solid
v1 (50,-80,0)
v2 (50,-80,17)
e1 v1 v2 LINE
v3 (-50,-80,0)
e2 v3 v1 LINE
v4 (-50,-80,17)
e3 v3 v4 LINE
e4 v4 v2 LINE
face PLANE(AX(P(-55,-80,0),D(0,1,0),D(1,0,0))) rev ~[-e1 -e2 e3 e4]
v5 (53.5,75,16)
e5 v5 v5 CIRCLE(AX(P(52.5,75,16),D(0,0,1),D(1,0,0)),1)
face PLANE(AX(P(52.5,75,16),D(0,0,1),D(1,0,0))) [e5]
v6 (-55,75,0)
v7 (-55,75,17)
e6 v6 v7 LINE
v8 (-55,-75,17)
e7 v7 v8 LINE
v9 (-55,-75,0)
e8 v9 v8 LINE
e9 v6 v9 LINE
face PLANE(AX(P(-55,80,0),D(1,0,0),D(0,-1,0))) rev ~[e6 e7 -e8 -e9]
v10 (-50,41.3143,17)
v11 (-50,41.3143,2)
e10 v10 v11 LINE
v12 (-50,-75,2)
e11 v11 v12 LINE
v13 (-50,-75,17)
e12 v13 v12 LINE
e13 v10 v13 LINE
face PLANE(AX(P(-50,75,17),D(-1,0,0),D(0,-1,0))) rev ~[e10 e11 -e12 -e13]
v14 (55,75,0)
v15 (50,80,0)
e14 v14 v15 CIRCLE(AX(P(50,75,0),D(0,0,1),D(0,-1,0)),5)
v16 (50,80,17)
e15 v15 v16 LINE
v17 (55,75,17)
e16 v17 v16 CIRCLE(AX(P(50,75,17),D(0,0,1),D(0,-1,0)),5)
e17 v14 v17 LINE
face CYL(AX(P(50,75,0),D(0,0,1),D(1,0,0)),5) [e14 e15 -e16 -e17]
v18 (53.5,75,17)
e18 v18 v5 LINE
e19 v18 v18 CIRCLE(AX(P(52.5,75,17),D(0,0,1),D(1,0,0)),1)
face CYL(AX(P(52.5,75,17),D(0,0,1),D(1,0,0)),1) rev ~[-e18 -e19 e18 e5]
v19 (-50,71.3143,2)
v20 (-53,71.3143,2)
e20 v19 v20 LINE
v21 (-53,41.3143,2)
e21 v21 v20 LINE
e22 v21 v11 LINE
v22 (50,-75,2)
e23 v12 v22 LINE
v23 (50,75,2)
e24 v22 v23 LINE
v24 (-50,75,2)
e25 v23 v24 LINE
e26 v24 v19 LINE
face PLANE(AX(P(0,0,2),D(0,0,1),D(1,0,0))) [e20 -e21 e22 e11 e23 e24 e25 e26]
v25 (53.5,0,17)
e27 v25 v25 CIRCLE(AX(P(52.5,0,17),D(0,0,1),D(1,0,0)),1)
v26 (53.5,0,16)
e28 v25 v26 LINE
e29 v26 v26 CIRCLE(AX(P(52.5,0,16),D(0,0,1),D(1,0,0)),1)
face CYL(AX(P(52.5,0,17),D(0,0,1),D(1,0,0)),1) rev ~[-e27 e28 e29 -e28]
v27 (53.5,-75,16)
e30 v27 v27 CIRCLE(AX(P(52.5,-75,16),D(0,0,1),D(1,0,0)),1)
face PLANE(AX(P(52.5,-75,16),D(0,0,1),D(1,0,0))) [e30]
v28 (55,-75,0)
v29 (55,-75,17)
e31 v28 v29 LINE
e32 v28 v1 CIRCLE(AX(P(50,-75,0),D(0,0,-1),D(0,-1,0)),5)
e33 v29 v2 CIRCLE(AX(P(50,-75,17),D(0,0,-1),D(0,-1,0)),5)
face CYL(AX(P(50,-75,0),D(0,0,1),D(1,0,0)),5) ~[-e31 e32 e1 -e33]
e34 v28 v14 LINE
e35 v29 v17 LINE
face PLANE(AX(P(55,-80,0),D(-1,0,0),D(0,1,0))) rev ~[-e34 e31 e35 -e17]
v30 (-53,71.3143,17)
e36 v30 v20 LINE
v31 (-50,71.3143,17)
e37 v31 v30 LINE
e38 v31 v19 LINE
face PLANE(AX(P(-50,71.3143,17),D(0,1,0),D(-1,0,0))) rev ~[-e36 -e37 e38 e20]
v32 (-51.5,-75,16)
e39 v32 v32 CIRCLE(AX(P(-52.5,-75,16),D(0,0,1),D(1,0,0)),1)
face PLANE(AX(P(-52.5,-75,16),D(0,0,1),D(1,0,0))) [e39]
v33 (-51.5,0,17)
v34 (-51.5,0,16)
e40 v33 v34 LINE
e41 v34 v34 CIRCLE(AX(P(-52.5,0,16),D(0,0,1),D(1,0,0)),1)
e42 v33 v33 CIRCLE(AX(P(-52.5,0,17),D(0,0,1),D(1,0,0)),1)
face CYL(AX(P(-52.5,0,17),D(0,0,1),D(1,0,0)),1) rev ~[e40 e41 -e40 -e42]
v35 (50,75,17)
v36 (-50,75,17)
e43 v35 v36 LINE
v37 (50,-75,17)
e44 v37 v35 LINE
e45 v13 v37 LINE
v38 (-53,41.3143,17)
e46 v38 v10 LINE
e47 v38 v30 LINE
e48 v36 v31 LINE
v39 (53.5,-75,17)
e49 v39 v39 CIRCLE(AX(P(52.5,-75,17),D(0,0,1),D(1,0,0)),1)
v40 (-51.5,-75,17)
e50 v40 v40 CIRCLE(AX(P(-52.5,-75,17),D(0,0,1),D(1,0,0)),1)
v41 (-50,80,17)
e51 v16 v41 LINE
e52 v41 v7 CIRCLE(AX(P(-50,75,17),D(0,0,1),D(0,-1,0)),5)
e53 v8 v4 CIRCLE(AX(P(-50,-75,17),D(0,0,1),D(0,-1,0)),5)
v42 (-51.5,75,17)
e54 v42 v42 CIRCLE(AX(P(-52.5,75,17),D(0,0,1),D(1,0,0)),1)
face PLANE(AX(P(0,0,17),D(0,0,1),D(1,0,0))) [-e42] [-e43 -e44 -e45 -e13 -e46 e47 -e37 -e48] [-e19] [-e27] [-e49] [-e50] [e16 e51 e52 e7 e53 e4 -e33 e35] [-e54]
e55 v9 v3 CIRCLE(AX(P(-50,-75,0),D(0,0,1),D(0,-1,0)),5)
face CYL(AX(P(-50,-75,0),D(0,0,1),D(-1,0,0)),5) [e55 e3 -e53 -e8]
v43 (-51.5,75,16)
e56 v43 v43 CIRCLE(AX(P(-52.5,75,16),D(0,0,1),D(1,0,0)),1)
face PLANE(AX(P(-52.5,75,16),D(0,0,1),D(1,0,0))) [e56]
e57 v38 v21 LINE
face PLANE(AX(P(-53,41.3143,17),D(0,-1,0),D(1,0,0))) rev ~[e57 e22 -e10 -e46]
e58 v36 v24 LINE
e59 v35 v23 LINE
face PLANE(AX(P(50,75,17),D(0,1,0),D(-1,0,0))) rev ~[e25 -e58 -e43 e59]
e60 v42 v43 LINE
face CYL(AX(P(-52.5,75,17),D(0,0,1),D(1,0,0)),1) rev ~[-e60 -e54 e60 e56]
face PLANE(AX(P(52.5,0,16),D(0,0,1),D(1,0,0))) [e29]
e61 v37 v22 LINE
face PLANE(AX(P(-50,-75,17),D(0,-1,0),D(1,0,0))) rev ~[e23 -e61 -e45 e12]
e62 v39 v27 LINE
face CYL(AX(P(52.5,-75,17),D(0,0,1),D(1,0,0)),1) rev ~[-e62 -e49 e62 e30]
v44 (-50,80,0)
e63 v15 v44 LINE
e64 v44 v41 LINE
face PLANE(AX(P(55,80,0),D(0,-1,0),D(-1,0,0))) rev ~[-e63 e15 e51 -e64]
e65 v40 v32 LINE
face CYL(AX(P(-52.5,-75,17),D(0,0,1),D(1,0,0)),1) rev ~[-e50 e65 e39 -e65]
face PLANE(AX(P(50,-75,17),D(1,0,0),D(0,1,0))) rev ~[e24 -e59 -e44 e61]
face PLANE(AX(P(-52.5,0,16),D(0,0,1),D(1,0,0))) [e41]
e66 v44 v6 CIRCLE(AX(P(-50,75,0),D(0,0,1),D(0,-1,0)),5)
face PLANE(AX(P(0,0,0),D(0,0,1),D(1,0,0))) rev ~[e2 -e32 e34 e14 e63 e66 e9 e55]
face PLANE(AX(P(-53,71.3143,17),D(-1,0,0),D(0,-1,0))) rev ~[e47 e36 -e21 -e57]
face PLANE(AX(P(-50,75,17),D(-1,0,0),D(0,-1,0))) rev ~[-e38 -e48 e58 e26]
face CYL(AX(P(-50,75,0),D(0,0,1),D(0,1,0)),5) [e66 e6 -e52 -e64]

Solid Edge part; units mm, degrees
sketch "Sketch1" plane through (0, 0, 0) normal (0, 0, 1) x (1, 0, 0)
  line L0 (55, -80) -> (55, 80)
  line L1 (55, 80) -> (-55, 80)
  line L2 (-55, 80) -> (-55, -80)
  line L3 (-55, -80) -> (55, -80)
extrude "ExtrudedProtrusion_2" add sketch "Sketch1" along normal blind 17
fillet "Round_3" radius 5 4 edges at (-55, 80, 8.5) (55, 80, 8.5) (55, -80, 8.5) (-55, -80, 8.5)
sketch "Sketch2" plane through (0, 0, 17) normal (0, 0, 1) x (1, 0, 0)
  line L0 (50, -75) -> (50, 75)
  line L1 (50, 75) -> (-50, 75)
  line L2 (-50, 75) -> (-50, -75)
  line L3 (-50, -75) -> (50, -75)
extrude "ExtrudedCutout_1" cut sketch "Sketch2" against normal blind 15
sketch "Sketch3" plane through (0, 0, 17) normal (0, 0, 1) x (1, 0, 0)
  circle A0 centre (-52.5, 75) radius 1
  circle A1 centre (52.5, 75) radius 1
  circle A2 centre (52.5, 0) radius 1
  circle A3 centre (52.5, -75) radius 1
  circle A4 centre (-52.5, -75) radius 1
  circle A5 centre (-52.5, 0) radius 1
extrude "ExtrudedCutout_2" cut sketch "Sketch3" against normal blind 1
sketch "Sketch4" plane through (0, 0, 17) normal (0, 0, 1) x (1, 0, 0)
  line L0 (-53, 71.3143) -> (-53, 51.3143)
  line L1 (-53, 51.3143) -> (-53, 41.3143)
  line L2 (-53, 41.3143) -> (-50, 41.3143)
  line L3 (-50, 41.3143) -> (-50, 71.3143)
  line L4 (-50, 71.3143) -> (-53, 71.3143)
extrude "ExtrudedCutout_3" cut sketch "Sketch4" against normal blind 15
